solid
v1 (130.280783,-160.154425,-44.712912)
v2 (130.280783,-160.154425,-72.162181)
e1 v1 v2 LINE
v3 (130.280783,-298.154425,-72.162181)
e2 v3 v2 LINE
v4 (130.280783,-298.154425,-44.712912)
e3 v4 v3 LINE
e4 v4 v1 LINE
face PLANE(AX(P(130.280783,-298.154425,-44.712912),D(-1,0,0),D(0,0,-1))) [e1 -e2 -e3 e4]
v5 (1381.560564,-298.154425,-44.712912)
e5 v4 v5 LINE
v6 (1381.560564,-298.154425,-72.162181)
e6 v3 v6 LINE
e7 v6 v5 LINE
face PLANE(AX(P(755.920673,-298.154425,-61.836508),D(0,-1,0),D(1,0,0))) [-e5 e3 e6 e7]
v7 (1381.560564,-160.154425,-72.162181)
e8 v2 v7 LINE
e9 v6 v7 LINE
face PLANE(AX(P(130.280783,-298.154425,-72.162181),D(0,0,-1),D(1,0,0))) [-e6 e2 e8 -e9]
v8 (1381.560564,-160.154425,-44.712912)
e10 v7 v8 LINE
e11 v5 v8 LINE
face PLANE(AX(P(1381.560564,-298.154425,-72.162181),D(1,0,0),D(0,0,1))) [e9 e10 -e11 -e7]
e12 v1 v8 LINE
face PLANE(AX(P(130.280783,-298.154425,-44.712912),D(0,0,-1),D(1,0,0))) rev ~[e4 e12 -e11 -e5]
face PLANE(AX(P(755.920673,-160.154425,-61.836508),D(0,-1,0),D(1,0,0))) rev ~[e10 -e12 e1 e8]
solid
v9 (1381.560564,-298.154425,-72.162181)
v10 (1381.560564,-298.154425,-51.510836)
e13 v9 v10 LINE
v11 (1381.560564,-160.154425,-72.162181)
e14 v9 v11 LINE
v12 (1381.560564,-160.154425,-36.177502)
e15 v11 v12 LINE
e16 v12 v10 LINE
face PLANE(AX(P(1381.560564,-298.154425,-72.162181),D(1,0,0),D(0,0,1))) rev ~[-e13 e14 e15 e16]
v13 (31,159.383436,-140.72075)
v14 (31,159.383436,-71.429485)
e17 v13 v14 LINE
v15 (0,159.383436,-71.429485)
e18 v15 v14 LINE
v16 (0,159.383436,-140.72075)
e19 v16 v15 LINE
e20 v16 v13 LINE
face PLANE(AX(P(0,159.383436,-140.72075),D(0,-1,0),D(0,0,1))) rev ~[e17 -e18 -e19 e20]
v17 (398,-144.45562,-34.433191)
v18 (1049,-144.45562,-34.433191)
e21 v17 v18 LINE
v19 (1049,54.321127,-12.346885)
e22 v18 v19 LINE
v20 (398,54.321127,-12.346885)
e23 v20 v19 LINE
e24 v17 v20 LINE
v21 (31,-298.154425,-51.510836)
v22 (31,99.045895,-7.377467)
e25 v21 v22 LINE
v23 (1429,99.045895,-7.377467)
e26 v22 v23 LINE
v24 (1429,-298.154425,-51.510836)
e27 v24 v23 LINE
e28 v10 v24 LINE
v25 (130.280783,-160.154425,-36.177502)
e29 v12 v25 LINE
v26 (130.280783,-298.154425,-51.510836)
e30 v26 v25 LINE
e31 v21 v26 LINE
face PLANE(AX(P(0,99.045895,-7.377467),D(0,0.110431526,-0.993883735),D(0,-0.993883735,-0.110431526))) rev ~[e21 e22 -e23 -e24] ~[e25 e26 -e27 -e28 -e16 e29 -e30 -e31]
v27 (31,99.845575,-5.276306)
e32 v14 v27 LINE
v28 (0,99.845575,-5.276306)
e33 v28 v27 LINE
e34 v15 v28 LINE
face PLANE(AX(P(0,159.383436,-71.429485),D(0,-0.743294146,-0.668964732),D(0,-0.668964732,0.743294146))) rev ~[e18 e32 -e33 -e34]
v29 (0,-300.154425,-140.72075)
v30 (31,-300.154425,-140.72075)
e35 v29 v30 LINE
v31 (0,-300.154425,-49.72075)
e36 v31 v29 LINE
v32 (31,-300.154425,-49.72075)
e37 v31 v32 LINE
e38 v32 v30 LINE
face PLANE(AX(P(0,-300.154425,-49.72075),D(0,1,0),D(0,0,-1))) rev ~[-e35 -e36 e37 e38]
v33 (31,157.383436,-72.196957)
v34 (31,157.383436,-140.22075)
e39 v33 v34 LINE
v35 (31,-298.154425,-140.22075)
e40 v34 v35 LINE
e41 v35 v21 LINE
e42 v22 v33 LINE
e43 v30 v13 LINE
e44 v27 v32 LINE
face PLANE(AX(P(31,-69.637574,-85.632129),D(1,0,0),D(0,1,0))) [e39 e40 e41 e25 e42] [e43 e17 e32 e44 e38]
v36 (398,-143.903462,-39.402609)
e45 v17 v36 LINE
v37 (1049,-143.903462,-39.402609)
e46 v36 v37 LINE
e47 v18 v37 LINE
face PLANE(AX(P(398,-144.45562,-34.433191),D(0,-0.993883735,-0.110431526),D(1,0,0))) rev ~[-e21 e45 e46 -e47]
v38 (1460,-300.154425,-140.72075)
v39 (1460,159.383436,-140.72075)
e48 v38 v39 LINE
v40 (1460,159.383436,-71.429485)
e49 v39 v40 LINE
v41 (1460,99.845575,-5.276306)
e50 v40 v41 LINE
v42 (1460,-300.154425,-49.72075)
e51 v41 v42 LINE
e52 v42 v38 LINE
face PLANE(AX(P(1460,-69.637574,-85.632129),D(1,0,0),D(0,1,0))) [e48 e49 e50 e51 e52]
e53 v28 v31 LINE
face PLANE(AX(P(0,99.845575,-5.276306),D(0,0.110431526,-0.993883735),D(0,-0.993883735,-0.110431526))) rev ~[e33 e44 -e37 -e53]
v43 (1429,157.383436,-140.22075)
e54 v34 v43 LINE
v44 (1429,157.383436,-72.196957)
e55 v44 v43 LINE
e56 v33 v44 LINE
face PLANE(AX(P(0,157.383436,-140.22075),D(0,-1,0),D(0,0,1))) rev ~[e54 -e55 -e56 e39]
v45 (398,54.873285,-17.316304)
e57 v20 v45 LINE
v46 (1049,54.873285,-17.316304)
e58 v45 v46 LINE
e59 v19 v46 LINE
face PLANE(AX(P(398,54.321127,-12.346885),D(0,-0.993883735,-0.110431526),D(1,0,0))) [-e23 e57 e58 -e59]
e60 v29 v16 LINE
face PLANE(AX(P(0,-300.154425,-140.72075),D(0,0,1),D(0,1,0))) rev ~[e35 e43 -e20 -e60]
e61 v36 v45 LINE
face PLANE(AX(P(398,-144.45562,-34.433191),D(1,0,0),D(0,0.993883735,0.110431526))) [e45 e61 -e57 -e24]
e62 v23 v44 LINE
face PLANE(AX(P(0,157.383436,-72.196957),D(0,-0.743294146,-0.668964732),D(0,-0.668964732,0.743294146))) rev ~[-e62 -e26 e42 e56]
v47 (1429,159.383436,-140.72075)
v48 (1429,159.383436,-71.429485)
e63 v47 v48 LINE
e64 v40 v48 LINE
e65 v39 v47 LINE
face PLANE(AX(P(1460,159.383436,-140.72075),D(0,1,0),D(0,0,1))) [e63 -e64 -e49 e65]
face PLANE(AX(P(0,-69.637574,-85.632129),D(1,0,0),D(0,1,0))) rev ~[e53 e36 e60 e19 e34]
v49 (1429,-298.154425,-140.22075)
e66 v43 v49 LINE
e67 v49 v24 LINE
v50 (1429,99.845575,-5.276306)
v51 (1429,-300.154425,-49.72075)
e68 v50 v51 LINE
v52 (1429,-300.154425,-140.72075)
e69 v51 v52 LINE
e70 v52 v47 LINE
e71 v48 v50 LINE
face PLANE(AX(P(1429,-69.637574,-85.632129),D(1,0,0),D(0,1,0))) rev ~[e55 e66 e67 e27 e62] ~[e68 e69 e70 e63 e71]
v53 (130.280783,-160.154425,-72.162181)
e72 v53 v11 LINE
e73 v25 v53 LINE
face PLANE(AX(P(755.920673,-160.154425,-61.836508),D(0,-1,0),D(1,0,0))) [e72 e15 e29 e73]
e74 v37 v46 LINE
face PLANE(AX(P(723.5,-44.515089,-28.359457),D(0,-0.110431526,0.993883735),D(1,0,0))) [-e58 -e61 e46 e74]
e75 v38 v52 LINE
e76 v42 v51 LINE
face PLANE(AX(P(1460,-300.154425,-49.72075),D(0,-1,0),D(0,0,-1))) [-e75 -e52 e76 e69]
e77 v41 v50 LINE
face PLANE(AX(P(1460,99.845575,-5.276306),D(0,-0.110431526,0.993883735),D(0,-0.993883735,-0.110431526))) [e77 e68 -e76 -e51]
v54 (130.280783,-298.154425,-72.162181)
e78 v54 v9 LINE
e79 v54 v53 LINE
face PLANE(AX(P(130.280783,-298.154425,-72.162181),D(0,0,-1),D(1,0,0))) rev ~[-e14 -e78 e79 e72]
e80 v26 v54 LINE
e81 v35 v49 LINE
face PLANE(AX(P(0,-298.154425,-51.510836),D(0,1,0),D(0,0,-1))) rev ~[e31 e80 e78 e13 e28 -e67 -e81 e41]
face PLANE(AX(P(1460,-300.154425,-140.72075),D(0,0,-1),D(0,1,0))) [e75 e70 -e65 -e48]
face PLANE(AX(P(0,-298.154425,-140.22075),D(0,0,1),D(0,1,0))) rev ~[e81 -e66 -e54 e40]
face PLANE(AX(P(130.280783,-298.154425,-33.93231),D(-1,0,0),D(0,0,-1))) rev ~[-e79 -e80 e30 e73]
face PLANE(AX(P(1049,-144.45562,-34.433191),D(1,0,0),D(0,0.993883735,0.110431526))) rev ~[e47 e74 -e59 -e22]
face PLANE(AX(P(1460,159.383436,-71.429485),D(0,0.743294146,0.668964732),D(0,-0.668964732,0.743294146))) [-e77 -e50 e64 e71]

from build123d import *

# Parameters (mm, degrees)
F1_DEPTH = 1460
F2_DEPTH = 31
F4_DEPTH = 31
F5_W     = 651
F5_H     = 200
F6_DEPTH = 5
F7_W     = 1251.2797813466
F7_H     = 20.6513455533
F7_H_2   = 10.7806026936
F7_H_3   = 6.7979232944
F8_DEPTH = 138
F9_DEPTH = 138


with BuildPart() as f1:
    # F0 (on Right) → F1 (new body)
    with BuildSketch(Plane.YZ):
        Polygon((99.0458952926, -7.3774666747), (-298.1544249058, -51.5108355857), (-298.1544249058, -140.2207499994), (157.3834362086, -140.2207499994), (157.3834362086, -72.1969565814), align=None)
    extrude(amount=F1_DEPTH)

    # F0 (on Right) → F2 (join)
    with BuildSketch(Plane.YZ):
        Polygon((159.3834362086, -140.7207499994), (159.3834362086, -71.429484571), (99.8455750942, -5.276305555), (-300.1544249058, -49.7207499994), (-300.1544249058, -140.7207499994), align=None)
        Polygon((-298.1544249058, -140.2207499994), (-298.1544249058, -51.5108355857), (99.0458952926, -7.3774666747), (157.3834362086, -72.1969565814), (157.3834362086, -140.2207499994), align=None, mode=Mode.SUBTRACT)
    extrude(amount=F2_DEPTH)

    # F3 (on face) → F4 (join)
    with BuildSketch(Plane.YZ.offset(1460)):
        Polygon((159.3834362086, -140.7207499994), (159.3834362086, -71.429484571), (99.8455750942, -5.276305555), (-300.1544249058, -49.7207499994), (-300.1544249058, -140.7207499994), align=None)
        Polygon((-298.1544249058, -140.2207499994), (-298.1544249058, -51.5108355857), (99.0458952926, -7.3774666747), (157.3834362086, -72.1969565814), (157.3834362086, -140.2207499994), align=None, mode=Mode.SUBTRACT)
    extrude(amount=-F4_DEPTH)

    # F5 (on face) → F6 (cut)
    with BuildSketch(Plane(origin=(0, 2.017598724, -18.1583885157), x_dir=(1, 0, 0), z_dir=(0, -0.1104315261, 0.9938837347))):
        with Locations((723.5, -47.374600586)):
            Rectangle(F5_W, F5_H)
    extrude(amount=-F6_DEPTH, mode=Mode.SUBTRACT)

    # F7 (on face) → F8 (cut)
    with BuildSketch(Plane.XZ.offset(298.1544249058)):
        with Locations((755.9206733678, -61.8365083623)):
            Rectangle(F7_W, F7_H)
        with Locations((755.9206733678, -39.3226109445)):
            Rectangle(F7_W, F7_H_2)
        with Locations((755.9206733678, -48.1118739385)):
            Rectangle(F7_W, F7_H_3)
    extrude(amount=-F8_DEPTH, mode=Mode.SUBTRACT)


with BuildPart() as f9:
    # F7 (on face) → F9 (new body)
    with BuildSketch(Plane.XZ.offset(298.1544249058)):
        with Locations((755.9206733678, -61.8365083623)):
            Rectangle(F7_W, F7_H)
        with Locations((755.9206733678, -48.1118739385)):
            Rectangle(F7_W, F7_H_3)
    extrude(amount=-F9_DEPTH)


solid = Compound([f1.part, f9.part])
